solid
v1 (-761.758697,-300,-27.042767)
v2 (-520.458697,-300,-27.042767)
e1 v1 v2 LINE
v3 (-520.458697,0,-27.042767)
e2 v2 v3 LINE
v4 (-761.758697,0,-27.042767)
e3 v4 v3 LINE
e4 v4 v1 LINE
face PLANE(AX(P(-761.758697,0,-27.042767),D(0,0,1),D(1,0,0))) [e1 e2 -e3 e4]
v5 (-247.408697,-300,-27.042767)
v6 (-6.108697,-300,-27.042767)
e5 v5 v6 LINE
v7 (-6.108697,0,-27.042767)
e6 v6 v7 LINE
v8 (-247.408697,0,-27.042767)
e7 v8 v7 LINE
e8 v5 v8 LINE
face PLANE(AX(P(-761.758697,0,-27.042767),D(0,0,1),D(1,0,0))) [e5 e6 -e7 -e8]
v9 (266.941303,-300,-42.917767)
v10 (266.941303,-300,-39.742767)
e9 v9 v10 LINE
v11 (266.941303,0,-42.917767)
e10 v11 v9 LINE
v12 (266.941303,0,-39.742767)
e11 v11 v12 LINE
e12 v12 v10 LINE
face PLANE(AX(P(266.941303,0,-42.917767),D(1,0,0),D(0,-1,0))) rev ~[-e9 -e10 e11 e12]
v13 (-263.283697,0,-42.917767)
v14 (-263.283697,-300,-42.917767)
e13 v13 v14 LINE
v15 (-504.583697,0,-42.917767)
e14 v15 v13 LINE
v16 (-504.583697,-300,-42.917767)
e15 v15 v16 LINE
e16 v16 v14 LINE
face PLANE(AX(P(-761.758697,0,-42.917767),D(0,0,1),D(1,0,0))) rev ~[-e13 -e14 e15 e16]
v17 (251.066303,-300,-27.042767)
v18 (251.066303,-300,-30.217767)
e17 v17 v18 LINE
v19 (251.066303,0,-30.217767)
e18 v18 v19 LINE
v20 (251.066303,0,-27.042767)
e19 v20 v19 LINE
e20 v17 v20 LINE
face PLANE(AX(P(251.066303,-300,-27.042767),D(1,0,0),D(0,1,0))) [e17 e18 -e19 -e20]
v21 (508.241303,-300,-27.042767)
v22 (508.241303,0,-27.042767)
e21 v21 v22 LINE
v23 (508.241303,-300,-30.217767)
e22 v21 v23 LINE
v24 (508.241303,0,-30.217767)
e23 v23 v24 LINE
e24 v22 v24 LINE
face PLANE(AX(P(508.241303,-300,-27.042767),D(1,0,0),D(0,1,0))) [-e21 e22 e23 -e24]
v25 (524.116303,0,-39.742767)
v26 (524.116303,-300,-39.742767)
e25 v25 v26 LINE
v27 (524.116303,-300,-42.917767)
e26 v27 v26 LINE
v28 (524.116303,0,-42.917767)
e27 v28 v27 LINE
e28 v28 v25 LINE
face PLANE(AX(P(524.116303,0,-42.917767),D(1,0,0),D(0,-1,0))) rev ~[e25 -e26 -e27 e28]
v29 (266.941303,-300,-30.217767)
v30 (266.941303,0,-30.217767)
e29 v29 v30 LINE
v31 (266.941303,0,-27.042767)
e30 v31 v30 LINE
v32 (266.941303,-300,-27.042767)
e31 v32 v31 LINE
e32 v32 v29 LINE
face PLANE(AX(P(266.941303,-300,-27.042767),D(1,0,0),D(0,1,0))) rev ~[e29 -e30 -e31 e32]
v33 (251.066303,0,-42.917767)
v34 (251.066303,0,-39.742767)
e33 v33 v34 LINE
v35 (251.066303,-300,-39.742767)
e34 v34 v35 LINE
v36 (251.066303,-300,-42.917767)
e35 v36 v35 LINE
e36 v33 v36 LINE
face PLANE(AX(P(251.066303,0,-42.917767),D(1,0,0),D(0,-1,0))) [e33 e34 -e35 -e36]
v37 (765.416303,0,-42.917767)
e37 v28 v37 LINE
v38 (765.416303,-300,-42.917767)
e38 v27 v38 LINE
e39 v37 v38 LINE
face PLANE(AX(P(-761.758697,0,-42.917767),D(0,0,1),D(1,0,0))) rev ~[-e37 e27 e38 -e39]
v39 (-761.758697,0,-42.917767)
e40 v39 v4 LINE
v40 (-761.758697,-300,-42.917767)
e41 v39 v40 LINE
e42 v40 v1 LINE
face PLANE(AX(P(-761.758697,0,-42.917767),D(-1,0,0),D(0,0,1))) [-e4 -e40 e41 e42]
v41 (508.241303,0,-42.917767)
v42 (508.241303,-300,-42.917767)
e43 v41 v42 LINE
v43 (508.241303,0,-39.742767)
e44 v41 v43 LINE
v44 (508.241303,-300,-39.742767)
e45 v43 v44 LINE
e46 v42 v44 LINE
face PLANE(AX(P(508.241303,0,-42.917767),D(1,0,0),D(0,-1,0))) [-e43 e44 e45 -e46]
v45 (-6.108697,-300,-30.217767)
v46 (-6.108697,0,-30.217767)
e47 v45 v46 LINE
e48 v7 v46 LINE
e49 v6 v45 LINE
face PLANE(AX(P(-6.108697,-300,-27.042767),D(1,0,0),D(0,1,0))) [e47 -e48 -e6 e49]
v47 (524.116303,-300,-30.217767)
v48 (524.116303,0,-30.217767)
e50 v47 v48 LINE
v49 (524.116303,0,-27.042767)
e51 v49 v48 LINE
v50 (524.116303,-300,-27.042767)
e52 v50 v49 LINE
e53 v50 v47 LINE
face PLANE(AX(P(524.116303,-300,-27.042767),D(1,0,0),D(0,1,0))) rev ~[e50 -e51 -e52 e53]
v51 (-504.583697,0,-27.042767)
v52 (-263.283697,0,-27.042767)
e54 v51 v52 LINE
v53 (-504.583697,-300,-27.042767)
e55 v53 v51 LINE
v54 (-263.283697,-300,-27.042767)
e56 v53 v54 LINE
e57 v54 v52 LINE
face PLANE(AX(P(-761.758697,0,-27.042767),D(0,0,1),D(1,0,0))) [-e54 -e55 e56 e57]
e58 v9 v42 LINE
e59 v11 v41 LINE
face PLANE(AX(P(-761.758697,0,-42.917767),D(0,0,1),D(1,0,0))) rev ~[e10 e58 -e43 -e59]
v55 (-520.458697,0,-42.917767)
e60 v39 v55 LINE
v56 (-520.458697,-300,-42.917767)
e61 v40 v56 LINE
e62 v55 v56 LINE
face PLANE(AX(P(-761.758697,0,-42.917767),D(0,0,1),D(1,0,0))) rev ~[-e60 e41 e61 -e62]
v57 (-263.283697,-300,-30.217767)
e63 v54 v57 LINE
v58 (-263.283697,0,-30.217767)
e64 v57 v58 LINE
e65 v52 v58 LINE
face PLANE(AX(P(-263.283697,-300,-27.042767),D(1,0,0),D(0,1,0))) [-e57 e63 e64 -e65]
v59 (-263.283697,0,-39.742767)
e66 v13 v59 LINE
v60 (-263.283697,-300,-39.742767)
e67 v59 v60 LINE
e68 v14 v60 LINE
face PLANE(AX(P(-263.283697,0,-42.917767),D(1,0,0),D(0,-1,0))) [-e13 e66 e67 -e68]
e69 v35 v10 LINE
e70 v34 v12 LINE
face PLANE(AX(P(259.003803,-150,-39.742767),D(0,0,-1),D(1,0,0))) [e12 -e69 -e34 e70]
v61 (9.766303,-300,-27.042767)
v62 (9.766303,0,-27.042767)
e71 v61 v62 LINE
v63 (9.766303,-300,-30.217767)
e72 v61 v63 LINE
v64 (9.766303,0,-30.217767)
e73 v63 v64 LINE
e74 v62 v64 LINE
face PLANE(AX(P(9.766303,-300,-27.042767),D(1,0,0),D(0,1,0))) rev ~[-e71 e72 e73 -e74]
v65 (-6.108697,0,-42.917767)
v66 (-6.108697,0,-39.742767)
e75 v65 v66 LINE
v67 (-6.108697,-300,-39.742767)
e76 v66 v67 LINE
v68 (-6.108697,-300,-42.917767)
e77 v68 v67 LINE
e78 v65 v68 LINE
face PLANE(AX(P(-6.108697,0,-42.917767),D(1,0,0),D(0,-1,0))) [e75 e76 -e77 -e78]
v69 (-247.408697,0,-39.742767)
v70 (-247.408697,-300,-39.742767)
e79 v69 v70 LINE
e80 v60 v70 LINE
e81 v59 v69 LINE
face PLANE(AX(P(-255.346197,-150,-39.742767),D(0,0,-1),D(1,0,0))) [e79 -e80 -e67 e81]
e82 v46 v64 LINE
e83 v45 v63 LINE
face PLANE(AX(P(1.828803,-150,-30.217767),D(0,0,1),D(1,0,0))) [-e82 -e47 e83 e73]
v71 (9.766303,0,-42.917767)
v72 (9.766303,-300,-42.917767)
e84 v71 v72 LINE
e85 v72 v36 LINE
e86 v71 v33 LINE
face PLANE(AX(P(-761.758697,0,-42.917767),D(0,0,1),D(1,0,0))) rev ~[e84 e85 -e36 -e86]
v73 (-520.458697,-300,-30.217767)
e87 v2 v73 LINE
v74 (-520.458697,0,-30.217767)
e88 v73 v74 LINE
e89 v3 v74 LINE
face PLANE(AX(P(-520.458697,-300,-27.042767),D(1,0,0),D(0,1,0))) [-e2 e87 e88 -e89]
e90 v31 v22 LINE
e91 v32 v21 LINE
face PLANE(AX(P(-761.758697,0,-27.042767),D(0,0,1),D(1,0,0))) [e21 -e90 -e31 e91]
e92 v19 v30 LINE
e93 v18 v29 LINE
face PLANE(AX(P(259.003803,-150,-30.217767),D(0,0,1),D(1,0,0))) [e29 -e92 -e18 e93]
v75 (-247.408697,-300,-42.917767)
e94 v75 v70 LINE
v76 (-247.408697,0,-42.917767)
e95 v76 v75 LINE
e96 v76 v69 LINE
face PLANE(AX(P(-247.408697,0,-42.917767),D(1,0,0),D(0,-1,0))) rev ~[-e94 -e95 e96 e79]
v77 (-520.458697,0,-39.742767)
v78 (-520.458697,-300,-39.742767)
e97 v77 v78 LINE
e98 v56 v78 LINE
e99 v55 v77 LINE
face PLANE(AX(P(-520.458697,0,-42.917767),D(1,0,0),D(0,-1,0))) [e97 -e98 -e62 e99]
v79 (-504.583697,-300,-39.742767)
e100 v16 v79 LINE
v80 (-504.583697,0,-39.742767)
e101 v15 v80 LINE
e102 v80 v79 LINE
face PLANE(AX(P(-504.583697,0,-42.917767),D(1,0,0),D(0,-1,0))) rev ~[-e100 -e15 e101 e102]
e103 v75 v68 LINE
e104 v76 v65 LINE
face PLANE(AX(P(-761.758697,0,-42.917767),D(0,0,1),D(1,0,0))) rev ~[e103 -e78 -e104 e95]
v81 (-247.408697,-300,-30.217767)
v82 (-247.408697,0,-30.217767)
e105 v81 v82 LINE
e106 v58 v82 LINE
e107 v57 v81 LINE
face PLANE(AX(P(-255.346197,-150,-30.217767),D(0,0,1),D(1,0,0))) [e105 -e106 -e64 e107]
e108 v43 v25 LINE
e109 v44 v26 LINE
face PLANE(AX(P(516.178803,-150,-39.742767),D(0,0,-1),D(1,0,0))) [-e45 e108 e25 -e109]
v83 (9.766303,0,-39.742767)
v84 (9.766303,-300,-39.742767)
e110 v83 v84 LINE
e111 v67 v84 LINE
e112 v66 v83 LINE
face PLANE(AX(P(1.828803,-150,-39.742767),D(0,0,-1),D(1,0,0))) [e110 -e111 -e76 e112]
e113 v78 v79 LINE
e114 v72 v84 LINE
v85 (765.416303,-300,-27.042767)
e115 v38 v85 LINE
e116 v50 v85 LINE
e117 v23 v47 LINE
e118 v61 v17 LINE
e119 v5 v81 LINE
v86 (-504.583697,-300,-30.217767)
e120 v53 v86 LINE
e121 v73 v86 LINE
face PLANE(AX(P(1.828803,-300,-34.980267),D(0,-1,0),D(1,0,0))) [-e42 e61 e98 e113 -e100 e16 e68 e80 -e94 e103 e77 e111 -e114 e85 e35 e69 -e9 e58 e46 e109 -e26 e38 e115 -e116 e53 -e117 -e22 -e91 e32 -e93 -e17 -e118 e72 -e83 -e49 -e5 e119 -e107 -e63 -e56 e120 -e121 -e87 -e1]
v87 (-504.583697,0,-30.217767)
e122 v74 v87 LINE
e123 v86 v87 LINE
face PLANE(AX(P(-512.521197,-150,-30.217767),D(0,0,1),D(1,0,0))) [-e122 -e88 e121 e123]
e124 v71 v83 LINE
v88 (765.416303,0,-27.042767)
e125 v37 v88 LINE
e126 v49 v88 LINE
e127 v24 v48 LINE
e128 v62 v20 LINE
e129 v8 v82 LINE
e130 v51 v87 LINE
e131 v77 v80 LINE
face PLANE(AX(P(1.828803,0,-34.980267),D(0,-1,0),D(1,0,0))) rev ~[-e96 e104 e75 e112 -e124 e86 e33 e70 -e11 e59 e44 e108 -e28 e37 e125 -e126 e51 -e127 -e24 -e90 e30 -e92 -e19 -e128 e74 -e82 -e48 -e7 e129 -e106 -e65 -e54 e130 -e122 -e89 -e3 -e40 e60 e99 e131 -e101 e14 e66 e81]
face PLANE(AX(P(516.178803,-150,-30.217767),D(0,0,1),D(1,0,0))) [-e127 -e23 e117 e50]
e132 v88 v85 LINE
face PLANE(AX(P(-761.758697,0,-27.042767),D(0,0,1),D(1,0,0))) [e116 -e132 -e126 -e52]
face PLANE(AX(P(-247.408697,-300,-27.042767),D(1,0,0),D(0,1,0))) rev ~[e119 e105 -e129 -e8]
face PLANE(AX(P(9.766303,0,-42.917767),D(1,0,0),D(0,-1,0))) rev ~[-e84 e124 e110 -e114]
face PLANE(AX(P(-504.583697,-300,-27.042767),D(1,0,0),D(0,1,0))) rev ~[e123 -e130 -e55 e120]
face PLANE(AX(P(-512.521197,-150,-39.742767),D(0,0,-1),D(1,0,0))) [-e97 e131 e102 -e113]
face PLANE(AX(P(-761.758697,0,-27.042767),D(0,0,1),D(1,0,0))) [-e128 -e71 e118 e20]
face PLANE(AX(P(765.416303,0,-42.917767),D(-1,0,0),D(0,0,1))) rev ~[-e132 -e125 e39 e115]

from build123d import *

# Parameters (mm, degrees)
F0_W     = 1527.175
F0_H     = 15.875
F1_DEPTH = 300
F2_W     = 15.875
F2_H     = 300
F3_DEPTH = 3.175
F4_W     = 15.875
F4_H     = 300
F5_DEPTH = 3.175


with BuildPart() as f1:
    # F0 (on Front) → F1 (new body)
    with BuildSketch(Plane.XZ):
        with Locations((1.828803, -34.980267)):
            Rectangle(F0_W, F0_H)
    extrude(amount=F1_DEPTH)

    # F2 (on face) → F3 (cut)
    with BuildSketch(Plane(origin=(0, 0, -42.917767), x_dir=(1, 0, 0), z_dir=(0, 0, -1))):
        with Locations((-255.346197, 150)):
            Rectangle(F2_W, F2_H)
        with Locations((1.828803, 150)):
            Rectangle(F2_W, F2_H)
        with Locations((-512.521197, 150)):
            Rectangle(F2_W, F2_H)
        with Locations((259.003803, 150)):
            Rectangle(F2_W, F2_H)
        with Locations((516.178803, 150)):
            Rectangle(F2_W, F2_H)
    extrude(amount=-F3_DEPTH, mode=Mode.SUBTRACT)

    # F4 (on face) → F5 (cut)
    with BuildSketch(Plane.XY.offset(-27.042767)):
        with Locations((-512.521197, -150)):
            Rectangle(F4_W, F4_H)
        with Locations((-255.346197, -150)):
            Rectangle(F4_W, F4_H)
        with Locations((1.828803, -150)):
            Rectangle(F4_W, F4_H)
        with Locations((259.003803, -150)):
            Rectangle(F4_W, F4_H)
        with Locations((516.178803, -150)):
            Rectangle(F4_W, F4_H)
    extrude(amount=-F5_DEPTH, mode=Mode.SUBTRACT)


solid = f1.part
